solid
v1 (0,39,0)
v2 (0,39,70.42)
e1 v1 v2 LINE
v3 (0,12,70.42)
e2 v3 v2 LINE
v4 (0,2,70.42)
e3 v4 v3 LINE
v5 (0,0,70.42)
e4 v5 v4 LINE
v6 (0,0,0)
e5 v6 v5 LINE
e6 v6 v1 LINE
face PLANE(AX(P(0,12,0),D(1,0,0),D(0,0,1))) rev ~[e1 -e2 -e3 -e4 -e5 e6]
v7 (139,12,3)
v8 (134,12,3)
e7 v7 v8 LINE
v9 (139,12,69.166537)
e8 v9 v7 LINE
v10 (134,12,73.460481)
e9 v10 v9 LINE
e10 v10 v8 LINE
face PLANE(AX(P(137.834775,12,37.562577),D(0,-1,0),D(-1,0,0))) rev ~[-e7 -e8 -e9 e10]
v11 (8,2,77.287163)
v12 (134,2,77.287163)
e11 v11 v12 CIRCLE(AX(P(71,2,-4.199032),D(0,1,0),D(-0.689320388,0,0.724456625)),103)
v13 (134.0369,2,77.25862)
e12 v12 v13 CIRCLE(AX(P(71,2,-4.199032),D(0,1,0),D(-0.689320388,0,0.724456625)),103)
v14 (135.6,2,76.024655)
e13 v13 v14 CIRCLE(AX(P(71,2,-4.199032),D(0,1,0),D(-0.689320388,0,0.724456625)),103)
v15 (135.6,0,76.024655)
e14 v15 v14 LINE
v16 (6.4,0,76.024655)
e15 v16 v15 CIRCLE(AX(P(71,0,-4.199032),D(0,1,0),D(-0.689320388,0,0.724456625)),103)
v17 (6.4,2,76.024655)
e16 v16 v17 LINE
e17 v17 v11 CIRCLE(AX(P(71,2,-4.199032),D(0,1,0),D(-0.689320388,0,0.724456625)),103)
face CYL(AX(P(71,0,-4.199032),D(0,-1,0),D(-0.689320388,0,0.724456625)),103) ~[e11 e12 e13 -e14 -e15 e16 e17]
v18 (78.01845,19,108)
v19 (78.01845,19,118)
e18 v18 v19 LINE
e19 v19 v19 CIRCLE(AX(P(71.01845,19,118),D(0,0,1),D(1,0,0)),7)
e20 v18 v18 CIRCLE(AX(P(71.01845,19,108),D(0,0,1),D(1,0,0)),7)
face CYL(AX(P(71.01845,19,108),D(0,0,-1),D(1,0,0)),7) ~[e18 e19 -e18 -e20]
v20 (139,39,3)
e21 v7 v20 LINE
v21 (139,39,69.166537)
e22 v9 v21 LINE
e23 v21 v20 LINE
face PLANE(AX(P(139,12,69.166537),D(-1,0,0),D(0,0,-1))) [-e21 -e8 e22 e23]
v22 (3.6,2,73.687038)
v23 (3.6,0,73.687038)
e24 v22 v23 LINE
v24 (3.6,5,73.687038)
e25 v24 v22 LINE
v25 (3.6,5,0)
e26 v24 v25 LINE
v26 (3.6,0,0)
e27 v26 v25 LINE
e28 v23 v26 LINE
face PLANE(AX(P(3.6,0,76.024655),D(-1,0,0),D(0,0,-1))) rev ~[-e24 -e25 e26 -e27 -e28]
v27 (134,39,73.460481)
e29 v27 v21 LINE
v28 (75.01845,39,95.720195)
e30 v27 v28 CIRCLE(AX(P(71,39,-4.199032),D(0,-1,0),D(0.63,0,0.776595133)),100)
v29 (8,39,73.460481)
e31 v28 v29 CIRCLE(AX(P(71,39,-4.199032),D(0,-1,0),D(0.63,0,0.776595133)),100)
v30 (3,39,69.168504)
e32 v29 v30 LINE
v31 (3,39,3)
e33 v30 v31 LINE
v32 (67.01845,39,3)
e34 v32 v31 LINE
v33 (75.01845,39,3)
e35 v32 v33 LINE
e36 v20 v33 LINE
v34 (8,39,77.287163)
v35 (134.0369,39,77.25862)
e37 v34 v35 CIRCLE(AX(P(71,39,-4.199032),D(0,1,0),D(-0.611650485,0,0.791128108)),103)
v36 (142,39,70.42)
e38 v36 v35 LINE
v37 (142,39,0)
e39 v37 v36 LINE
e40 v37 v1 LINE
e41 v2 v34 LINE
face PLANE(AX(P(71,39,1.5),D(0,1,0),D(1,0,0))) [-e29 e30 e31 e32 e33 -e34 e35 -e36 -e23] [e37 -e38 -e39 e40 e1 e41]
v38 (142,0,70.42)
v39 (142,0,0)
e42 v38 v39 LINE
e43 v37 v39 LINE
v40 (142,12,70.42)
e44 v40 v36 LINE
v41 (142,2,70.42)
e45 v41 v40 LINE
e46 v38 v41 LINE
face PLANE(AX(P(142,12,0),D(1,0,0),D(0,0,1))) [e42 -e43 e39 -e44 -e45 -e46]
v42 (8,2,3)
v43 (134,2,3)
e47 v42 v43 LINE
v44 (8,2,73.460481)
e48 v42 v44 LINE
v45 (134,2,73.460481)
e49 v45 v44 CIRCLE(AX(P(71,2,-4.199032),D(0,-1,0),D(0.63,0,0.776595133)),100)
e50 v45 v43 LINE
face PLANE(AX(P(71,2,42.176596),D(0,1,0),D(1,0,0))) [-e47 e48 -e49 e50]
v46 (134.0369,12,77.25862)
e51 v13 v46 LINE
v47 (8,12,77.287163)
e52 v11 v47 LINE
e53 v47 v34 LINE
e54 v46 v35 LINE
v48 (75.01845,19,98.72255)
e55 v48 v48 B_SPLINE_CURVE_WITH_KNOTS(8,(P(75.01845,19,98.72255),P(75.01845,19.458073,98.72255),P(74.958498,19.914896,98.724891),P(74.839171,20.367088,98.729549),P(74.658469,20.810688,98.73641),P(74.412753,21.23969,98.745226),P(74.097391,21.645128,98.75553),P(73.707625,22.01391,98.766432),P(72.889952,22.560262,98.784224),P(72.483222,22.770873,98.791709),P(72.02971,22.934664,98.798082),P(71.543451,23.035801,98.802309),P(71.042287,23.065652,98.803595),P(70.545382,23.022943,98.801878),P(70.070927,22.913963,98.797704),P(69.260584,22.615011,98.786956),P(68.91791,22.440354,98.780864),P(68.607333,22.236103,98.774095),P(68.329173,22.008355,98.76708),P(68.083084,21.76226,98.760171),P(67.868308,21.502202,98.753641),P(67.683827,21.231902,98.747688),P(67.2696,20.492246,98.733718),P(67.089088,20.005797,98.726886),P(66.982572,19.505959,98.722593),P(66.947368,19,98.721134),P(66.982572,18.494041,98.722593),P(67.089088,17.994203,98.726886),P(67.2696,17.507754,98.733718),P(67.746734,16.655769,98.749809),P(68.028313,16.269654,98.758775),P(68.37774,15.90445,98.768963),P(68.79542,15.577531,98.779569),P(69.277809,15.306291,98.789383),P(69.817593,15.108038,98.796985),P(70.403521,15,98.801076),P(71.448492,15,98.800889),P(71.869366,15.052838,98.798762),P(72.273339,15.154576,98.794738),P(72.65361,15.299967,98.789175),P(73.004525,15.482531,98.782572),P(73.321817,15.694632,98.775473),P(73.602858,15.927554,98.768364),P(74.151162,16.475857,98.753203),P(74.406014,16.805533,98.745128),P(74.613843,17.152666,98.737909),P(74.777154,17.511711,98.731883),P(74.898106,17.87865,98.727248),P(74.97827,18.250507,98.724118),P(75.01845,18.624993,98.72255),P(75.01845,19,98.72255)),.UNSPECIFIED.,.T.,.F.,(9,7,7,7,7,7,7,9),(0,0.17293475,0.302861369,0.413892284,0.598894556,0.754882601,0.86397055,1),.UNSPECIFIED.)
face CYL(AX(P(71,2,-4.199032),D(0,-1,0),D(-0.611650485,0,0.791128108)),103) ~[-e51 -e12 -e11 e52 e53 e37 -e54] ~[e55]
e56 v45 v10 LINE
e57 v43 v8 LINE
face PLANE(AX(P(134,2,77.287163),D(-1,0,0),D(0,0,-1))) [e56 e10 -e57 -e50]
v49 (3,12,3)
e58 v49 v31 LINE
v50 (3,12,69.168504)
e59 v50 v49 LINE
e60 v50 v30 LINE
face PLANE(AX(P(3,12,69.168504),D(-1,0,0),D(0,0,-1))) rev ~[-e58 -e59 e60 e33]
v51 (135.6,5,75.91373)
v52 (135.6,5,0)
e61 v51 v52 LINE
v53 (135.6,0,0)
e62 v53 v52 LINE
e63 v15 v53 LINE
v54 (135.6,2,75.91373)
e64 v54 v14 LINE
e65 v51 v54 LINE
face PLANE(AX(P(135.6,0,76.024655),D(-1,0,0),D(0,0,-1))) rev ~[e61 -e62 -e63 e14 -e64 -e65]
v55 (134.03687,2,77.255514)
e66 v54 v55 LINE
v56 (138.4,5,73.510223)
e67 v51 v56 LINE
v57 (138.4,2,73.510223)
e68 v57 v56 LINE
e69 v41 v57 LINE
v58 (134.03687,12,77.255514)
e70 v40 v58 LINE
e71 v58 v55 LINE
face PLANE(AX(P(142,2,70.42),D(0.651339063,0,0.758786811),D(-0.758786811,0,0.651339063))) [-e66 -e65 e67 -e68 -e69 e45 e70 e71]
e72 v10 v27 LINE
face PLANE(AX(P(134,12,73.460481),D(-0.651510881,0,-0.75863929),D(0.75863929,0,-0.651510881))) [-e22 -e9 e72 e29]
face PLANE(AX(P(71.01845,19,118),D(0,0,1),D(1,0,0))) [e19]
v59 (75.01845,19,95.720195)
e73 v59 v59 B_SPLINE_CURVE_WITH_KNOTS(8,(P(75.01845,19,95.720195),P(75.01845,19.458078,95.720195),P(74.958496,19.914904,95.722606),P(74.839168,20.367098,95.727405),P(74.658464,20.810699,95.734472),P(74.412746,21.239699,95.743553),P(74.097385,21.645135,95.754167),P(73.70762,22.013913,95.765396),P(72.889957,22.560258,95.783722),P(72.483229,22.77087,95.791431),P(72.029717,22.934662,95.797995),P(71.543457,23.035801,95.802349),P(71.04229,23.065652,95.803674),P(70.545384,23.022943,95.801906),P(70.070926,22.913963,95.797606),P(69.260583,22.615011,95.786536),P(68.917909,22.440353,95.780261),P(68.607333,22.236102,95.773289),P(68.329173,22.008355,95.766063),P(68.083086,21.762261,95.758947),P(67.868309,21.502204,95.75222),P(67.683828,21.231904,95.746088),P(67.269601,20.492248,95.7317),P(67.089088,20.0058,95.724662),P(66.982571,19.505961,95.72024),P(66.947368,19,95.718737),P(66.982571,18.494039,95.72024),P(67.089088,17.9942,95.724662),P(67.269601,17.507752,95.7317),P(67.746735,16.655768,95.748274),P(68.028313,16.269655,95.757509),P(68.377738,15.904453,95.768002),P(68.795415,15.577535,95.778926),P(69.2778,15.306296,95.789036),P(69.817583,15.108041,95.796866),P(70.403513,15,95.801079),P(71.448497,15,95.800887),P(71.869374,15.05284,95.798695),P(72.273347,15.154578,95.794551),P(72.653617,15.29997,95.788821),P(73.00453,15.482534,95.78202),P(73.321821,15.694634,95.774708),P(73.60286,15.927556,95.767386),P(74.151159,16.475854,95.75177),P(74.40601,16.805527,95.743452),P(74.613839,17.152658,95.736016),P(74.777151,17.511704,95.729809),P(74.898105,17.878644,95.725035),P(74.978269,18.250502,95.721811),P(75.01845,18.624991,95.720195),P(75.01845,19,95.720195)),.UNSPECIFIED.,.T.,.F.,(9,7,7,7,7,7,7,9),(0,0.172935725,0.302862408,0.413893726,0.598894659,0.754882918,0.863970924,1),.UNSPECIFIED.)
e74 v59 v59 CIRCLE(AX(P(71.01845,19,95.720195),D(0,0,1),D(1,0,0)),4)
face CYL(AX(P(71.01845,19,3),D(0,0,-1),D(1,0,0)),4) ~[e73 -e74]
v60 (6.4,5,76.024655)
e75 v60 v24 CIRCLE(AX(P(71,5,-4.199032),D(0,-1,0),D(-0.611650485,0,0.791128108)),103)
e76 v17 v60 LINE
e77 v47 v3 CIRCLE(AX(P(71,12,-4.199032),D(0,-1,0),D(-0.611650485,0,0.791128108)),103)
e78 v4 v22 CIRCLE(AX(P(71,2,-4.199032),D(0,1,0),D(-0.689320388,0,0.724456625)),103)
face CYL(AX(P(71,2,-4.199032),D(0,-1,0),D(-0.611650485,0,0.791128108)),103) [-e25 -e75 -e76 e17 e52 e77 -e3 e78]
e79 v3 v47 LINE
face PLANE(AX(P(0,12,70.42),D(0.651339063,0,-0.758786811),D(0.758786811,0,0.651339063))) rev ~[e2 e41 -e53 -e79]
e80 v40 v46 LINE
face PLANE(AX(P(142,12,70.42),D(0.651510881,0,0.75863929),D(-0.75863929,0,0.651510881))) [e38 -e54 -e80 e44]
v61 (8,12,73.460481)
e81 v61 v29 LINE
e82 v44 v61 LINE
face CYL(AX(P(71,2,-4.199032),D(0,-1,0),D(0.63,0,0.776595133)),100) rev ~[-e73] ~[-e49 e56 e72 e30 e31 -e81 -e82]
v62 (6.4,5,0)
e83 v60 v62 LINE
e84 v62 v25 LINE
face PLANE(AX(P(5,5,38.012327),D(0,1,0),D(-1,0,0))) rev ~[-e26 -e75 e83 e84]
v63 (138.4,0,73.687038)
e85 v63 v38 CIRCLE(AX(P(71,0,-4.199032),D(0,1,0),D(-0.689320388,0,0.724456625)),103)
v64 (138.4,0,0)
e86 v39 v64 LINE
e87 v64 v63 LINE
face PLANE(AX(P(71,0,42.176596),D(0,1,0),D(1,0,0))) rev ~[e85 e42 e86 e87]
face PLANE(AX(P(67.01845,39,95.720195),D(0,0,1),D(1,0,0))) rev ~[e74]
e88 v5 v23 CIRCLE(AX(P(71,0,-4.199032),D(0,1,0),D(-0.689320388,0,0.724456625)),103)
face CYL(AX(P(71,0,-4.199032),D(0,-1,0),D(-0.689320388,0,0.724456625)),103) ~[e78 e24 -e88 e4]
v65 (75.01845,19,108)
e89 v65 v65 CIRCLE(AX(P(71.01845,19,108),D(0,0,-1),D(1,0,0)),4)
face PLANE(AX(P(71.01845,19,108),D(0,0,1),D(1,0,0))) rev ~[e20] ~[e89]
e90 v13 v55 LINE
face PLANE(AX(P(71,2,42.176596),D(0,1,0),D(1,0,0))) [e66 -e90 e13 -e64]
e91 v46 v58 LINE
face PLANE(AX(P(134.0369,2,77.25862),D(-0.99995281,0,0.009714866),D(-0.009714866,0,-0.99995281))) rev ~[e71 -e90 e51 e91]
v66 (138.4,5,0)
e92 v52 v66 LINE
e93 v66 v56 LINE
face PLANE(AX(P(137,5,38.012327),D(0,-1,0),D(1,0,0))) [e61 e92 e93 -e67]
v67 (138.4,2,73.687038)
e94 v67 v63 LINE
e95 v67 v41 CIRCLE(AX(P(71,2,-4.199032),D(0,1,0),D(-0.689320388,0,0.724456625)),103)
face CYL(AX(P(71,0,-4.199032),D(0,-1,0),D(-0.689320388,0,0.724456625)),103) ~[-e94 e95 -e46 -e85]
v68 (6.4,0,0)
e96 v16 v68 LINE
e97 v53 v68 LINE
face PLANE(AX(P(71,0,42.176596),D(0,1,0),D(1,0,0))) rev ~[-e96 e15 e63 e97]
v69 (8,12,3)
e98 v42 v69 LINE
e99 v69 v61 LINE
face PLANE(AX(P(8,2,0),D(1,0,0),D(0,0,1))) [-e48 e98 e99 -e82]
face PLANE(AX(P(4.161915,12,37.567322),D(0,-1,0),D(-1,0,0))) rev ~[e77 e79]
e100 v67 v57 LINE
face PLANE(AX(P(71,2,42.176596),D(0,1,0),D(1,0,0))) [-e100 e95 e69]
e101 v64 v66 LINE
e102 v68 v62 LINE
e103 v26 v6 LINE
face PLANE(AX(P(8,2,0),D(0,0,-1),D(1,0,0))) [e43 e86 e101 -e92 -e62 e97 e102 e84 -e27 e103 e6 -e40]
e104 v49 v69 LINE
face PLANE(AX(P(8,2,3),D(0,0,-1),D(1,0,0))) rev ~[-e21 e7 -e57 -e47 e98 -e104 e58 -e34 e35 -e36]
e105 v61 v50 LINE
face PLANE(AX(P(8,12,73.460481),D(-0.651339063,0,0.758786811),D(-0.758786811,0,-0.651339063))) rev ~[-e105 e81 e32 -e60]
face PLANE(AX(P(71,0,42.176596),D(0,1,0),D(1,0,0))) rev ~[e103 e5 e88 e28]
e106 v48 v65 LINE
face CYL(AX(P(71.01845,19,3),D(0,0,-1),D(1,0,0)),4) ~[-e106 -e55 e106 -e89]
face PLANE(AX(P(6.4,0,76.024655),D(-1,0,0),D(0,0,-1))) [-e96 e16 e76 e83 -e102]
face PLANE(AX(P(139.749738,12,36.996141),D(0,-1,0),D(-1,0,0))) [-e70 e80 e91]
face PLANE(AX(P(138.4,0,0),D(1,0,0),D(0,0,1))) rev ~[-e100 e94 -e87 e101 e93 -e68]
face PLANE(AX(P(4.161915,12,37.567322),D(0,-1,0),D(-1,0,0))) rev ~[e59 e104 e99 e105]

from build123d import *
from build123d.topology import SkipClean

# Parameters (mm, degrees)
EXTRUDE_1_DEPTH      = 2
EXTRUDE_2_DEPTH      = 10
CUT_EXTRUDE_1_DEPTH  = 5
SKETCH_4_W           = 126
SKETCH_4_H           = 3
EXTRUDE_4_DEPTH      = 37
EXTRUDE_5_DEPTH      = 27
SKETCH_6_R           = 4
EXTRUDE_6_DEPTH      = 110
SKETCH_7_W           = 8
SKETCH_7_H           = 92.720195249
CUT_EXTRUDE_2_DEPTH  = 25
EXTRUDE_7_DEPTH      = 5
EXTRUDE_7_DEPTH_BACK = 5
SKETCH_8_R           = 7


with BuildPart() as part:
    # 草图1 → 凸台-拉伸1 (new body)
    with BuildSketch(Plane(origin=(0, 0, 0), x_dir=(1, 0, 0), z_dir=(0, 1, 0))):
        with BuildLine():
            Line((0, 0), (0, -70.42))
            ThreePointArc((0, -70.42), (71, -98.800967575), (142, -70.42))
            Line((142, -70.42), (142, 0))
            Line((142, 0), (0, 0))
        make_face()
    extrude(amount=EXTRUDE_1_DEPTH)

    # 草图2 → 凸台-拉伸2 (add)
    with BuildSketch(Plane(origin=(0, 2, 0), x_dir=(1, 0, 0), z_dir=(0, 1, 0))):
        with BuildLine():
            Line((8, 0), (8, -77.287162725))
            ThreePointArc((8, -77.287162725), (3.912076489, -73.956009121), (0, -70.42))
            Line((0, -70.42), (0, 0))
            Line((0, 0), (8, 0))
        make_face()
        Polygon((134, -77.287162725), (134, 0), (142, 0), (142, -70.42), align=None)
    extrude(amount=EXTRUDE_2_DEPTH)

    # 草图3 → 切除-拉伸1 (cut)
    with BuildSketch(Plane.XZ):
        Polygon((3.6, 0), (3.6, 73.687038217), (3.6, 76.02465485), (6.4, 76.02465485), (6.4, 0), align=None)
        Polygon((138.4, 0), (138.4, 73.687038217), (138.4, 76.02465485), (135.6, 76.02465485), (135.6, 0), align=None)
    extrude(amount=-CUT_EXTRUDE_1_DEPTH, mode=Mode.SUBTRACT)

    # 草图4 → 凸台-拉伸4 (add)
    with SkipClean():  # the faces are left unmerged after this step: merging them gives an invalid solid
        with BuildSketch(Plane(origin=(0, 2, 0), x_dir=(1, 0, 0), z_dir=(0, 1, 0))):
            with Locations((71, -1.5)):
                Rectangle(SKETCH_4_W, SKETCH_4_H)
            with BuildLine():
                Line((8, -73.460480837), (8, -77.287162725))
                ThreePointArc((8, -77.287162725), (71.023325312, -98.800964934), (134.036900158, -77.258620491))
                Line((134.036900158, -77.258620491), (134, -73.460480837))
                ThreePointArc((134, -73.460480837), (71, -95.800967575), (8, -73.460480837))
            make_face()
        extrude(amount=EXTRUDE_4_DEPTH)

    # 草图5 → 凸台-拉伸5 (add)
    with SkipClean():  # the faces are left unmerged after this step: merging them gives an invalid solid
        with BuildSketch(Plane(origin=(0, 12, 0), x_dir=(1, 0, 0), z_dir=(0, 1, 0))):
            Polygon((134, 0), (142, 0), (142, -70.42), (134.036900158, -77.258620491), (134, -73.460480837), (139, -69.16653713), (139, -3), (134, -3), align=None)
            Polygon((8, -3), (8, 0), (0, 0), (0, -70.42), (8, -77.287162725), (8, -73.460480837), (3, -69.168504133), (3, -3), align=None)
        extrude(amount=EXTRUDE_5_DEPTH)

    # 草图6 → 凸台-拉伸6 (add)
    with BuildSketch(Plane.XY.offset(3)):
        with Locations((71.018450079, 19)):
            Circle(SKETCH_6_R)
    extrude(amount=EXTRUDE_6_DEPTH)

    # 草图7 → 切除-拉伸2 (cut)
    with BuildSketch(Plane(origin=(0, 39, 0), x_dir=(1, 0, 0), z_dir=(0, 1, 0))):
        with Locations((71.018450079, -49.360097624)):
            Rectangle(SKETCH_7_W, SKETCH_7_H)
    extrude(amount=-CUT_EXTRUDE_2_DEPTH, mode=Mode.SUBTRACT)

    # 草图8 → 凸台-拉伸7 (add, two sides: drawn at the far end of the back side and taken through both)
    with BuildSketch(Plane.XY.offset(113).offset(-EXTRUDE_7_DEPTH_BACK)):
        with Locations((71.018450079, 19)):
            Circle(SKETCH_8_R)
    extrude(amount=EXTRUDE_7_DEPTH + EXTRUDE_7_DEPTH_BACK)


solid = part.part
